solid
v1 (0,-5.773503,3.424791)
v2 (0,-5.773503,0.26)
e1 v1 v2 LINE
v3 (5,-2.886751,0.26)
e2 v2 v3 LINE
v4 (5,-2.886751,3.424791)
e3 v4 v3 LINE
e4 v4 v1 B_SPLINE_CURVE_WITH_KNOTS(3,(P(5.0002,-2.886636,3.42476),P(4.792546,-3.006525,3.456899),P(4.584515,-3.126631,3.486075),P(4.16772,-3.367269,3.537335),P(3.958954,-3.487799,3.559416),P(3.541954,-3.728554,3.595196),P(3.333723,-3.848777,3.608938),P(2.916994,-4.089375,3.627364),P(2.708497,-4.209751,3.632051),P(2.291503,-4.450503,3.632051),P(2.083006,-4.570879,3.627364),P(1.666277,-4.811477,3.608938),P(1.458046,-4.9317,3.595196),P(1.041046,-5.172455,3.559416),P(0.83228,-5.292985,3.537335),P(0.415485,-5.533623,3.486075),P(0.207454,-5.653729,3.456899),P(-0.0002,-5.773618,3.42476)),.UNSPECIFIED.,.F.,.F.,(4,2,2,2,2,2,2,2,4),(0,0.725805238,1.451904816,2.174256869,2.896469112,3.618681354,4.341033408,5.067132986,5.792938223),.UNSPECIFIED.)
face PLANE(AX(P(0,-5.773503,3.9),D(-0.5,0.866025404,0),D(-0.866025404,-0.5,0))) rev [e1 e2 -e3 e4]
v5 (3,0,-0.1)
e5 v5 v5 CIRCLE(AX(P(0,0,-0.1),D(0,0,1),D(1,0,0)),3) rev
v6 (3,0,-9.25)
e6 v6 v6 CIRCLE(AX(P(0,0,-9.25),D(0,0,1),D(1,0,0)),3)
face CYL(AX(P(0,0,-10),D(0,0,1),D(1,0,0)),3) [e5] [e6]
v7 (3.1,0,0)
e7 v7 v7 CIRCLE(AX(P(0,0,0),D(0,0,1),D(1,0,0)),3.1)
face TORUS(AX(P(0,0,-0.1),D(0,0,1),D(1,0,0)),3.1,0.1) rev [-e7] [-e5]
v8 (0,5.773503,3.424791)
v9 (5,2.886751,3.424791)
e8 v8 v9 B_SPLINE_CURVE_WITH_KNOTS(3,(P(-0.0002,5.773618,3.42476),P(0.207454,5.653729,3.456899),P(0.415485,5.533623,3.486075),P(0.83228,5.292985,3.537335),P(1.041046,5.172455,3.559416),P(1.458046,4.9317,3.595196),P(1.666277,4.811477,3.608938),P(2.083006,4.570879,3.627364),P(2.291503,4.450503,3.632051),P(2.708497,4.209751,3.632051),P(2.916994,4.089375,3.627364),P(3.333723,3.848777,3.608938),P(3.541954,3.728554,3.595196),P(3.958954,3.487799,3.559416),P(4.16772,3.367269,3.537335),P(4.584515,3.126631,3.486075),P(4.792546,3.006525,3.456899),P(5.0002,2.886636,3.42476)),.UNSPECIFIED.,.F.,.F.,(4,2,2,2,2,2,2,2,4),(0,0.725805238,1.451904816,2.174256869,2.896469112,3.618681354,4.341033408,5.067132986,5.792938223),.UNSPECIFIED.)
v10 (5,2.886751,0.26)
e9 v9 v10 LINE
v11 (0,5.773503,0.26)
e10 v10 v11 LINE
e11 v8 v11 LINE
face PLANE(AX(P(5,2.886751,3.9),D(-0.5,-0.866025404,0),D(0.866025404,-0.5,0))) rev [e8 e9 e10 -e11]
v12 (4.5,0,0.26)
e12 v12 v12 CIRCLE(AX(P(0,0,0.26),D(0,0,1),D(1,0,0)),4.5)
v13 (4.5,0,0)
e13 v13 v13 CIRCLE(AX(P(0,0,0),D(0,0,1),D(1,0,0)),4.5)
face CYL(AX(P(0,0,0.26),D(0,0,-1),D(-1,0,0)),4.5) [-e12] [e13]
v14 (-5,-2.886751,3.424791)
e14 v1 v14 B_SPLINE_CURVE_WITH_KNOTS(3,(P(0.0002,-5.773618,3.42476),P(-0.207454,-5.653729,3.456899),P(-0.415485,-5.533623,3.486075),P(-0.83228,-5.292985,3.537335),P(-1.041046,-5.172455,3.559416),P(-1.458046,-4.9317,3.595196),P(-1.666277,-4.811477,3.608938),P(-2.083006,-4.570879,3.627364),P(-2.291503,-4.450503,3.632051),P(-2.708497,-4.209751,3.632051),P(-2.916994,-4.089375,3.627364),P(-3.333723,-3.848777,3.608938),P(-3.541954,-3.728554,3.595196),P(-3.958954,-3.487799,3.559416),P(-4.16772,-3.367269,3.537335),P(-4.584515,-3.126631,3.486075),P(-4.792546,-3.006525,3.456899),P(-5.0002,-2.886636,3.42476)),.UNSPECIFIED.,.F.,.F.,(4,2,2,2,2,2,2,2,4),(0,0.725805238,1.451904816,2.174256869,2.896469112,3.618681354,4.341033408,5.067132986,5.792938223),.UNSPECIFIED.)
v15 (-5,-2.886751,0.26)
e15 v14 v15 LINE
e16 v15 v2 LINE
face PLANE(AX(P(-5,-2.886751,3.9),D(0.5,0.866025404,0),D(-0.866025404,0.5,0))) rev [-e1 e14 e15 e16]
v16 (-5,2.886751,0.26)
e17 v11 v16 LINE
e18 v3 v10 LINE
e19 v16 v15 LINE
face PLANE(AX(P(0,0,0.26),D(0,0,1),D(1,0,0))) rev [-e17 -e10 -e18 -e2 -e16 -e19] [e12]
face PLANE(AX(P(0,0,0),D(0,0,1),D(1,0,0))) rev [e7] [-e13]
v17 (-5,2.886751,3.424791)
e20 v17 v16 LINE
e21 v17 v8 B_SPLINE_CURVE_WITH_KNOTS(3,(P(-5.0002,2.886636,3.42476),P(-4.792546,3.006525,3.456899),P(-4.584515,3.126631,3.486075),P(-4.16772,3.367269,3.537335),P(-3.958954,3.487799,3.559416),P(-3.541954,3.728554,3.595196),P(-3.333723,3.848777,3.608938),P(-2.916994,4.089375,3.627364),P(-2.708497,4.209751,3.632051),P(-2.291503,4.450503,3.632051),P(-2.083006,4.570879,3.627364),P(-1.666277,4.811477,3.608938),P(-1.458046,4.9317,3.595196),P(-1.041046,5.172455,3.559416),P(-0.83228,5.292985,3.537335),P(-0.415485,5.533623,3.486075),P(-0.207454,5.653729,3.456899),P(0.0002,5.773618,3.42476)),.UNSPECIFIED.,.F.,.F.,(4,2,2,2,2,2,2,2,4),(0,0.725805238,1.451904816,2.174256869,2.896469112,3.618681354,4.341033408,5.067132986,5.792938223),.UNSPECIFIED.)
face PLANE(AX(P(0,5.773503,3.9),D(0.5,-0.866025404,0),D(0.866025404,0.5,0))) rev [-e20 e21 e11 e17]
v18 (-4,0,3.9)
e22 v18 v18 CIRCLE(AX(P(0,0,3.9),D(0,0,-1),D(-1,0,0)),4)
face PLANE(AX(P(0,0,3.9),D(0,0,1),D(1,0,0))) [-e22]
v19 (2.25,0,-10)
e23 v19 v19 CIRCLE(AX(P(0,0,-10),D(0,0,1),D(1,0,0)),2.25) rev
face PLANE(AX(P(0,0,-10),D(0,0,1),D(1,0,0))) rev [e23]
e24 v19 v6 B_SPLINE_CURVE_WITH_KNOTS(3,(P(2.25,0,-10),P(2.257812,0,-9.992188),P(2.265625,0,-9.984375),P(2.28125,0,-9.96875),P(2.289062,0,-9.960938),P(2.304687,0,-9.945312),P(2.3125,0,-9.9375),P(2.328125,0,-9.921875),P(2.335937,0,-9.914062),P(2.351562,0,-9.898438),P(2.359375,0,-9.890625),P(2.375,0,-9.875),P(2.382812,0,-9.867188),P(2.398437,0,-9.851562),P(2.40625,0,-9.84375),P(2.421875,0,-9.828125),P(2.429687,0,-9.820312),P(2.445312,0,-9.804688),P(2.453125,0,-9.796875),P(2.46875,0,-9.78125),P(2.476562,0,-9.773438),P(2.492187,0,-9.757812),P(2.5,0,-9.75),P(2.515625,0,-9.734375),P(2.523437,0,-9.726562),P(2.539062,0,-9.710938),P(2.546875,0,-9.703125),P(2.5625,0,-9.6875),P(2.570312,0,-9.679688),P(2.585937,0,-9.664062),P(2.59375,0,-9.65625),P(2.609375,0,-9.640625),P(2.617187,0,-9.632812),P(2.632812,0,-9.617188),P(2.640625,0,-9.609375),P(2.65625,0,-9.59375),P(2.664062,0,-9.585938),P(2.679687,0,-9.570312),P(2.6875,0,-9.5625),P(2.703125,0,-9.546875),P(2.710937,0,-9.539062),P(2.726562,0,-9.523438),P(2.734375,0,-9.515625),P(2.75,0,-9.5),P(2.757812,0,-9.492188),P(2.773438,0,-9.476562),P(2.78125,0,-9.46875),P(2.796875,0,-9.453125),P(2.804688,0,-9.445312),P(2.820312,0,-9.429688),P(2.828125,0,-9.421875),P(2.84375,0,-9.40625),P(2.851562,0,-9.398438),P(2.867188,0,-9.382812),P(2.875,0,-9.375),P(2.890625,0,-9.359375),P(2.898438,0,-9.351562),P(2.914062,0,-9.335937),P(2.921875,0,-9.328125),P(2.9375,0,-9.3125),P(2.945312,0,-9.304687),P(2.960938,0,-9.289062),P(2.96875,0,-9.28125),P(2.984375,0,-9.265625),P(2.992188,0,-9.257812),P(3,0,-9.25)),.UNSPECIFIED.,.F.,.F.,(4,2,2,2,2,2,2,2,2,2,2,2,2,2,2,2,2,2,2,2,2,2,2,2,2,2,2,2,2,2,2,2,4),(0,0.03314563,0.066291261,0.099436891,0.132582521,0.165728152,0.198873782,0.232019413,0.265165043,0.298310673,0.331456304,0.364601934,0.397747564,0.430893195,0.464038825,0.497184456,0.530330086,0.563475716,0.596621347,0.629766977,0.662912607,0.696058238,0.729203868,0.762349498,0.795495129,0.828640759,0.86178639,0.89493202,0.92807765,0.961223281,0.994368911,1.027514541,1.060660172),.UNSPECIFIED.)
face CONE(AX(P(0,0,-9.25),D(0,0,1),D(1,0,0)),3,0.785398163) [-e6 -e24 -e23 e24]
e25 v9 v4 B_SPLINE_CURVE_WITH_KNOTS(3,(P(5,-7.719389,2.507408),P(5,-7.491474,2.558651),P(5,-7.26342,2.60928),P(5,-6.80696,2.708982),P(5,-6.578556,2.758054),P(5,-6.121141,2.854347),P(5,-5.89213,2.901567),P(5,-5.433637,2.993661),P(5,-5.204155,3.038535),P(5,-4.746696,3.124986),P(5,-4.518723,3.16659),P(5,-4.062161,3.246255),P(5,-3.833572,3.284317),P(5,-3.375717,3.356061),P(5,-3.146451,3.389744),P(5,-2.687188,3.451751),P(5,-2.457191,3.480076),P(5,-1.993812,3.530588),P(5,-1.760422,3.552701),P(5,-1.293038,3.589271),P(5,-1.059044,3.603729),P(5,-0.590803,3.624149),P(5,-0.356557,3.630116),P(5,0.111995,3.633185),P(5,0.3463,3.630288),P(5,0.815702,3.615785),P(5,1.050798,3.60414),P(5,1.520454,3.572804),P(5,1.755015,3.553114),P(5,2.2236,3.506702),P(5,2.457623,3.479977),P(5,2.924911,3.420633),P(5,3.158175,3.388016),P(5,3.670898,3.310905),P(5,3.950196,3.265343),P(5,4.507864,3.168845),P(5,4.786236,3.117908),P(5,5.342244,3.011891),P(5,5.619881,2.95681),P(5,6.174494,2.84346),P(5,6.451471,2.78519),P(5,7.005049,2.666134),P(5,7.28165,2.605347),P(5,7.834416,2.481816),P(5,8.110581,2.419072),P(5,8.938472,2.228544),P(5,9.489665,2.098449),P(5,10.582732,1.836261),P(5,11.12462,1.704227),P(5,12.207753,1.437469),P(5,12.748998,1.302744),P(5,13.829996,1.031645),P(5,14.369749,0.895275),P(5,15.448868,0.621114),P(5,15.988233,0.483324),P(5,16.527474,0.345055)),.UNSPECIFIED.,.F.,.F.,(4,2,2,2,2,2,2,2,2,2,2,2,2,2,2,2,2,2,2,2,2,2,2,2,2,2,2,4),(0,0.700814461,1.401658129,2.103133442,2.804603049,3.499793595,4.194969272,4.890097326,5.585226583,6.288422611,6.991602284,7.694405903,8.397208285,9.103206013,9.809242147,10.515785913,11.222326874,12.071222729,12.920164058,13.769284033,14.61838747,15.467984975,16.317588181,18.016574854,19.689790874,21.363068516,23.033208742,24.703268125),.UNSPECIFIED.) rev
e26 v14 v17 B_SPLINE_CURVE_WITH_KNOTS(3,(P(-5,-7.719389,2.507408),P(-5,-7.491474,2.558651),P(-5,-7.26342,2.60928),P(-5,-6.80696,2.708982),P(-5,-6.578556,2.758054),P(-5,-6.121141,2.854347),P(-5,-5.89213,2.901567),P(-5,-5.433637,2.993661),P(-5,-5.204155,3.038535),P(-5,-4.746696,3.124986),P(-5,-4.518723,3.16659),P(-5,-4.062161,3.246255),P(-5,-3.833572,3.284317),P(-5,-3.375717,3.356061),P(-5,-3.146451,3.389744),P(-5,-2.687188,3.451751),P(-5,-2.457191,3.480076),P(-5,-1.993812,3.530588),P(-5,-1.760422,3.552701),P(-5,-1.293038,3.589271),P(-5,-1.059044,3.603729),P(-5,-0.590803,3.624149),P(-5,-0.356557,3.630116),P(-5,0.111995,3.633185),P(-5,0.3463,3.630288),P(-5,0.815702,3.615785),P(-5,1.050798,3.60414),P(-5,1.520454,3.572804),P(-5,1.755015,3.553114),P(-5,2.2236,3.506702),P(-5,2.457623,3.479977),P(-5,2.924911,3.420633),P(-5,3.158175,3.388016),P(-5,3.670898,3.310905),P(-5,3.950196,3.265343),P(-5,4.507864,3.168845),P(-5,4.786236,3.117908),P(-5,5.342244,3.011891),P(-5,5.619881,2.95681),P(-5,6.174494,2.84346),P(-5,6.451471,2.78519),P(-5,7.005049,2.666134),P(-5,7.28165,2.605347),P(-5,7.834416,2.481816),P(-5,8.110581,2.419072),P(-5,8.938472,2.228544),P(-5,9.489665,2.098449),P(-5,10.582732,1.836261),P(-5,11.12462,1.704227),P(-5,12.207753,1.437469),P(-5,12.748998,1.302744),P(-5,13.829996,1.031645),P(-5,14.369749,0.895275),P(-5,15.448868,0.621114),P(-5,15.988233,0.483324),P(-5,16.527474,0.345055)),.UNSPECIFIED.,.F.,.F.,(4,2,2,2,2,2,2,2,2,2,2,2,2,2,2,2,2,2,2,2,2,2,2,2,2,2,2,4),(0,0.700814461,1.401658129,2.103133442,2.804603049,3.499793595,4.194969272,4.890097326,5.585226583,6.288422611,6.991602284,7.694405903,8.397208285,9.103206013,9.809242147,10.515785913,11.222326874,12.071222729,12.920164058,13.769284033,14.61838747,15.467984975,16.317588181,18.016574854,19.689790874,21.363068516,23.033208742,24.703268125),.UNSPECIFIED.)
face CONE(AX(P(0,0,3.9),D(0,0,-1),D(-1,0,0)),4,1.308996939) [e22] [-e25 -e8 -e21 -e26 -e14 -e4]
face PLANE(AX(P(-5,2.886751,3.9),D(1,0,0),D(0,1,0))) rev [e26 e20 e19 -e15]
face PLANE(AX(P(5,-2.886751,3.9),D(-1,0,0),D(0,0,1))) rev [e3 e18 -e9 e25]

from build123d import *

# Parameters (mm, degrees)
EXTRUDE_1_DEPTH     = 3.9
SKETCH_3_R          = 3
EXTRUDE_3_DEPTH     = 10
CHAMFER_1_SIZE      = 0.75
SKETCH_2_OUTSIDE_W  = 16.13
SKETCH_2_OUTSIDE_H  = 17.678
SKETCH_2_OUTSIDE_R  = 4.5
CUT_EXTRUDE_1_DEPTH = 0.26
FILLET_1_R          = 0.1


with BuildPart() as part:
    # 草图1 → 凸台-拉伸1 (new body)
    with BuildSketch(Plane.XY):
        Polygon((0, 5.773502692), (-5, 2.886751346), (-5, -2.886751346), (0, -5.773502692), (5, -2.886751346), (5, 2.886751346), align=None)
    extrude(amount=EXTRUDE_1_DEPTH)

    # 草图3 → 凸台-拉伸3 (add)
    with BuildSketch(Plane.XY):
        Circle(SKETCH_3_R)
    extrude(amount=-EXTRUDE_3_DEPTH)

    # 草图4 → 切除-旋转1 (revolve, cut)
    with BuildSketch(Plane(origin=(0, 0, 0), x_dir=(0, 0, -1), z_dir=(1, 0, 0))):
        Polygon((-3.9, 20), (-3.9, 4), (0.387187079, 20), align=None)
    revolve(axis=Axis((0, 0, -2.242017917), (0, 0, 1)), mode=Mode.SUBTRACT)

    # 倒角1
    chamfer_1_edges = [part.edges().sort_by_distance(p)[0] for p in [
        (-3, 0, -10),
    ]]
    chamfer(chamfer_1_edges, length=CHAMFER_1_SIZE)

    # 草图2 outside → 切除-拉伸1 (cut)
    with BuildSketch(Plane.XY):
        Rectangle(SKETCH_2_OUTSIDE_W, SKETCH_2_OUTSIDE_H)
        Circle(SKETCH_2_OUTSIDE_R, mode=Mode.SUBTRACT)
    extrude(amount=CUT_EXTRUDE_1_DEPTH, mode=Mode.SUBTRACT)

    # 圆角1
    fillet_1_edges = [part.edges().sort_by_distance(p)[0] for p in [
        (-3, 0, 0),
    ]]
    fillet(fillet_1_edges, radius=FILLET_1_R)


solid = part.part
